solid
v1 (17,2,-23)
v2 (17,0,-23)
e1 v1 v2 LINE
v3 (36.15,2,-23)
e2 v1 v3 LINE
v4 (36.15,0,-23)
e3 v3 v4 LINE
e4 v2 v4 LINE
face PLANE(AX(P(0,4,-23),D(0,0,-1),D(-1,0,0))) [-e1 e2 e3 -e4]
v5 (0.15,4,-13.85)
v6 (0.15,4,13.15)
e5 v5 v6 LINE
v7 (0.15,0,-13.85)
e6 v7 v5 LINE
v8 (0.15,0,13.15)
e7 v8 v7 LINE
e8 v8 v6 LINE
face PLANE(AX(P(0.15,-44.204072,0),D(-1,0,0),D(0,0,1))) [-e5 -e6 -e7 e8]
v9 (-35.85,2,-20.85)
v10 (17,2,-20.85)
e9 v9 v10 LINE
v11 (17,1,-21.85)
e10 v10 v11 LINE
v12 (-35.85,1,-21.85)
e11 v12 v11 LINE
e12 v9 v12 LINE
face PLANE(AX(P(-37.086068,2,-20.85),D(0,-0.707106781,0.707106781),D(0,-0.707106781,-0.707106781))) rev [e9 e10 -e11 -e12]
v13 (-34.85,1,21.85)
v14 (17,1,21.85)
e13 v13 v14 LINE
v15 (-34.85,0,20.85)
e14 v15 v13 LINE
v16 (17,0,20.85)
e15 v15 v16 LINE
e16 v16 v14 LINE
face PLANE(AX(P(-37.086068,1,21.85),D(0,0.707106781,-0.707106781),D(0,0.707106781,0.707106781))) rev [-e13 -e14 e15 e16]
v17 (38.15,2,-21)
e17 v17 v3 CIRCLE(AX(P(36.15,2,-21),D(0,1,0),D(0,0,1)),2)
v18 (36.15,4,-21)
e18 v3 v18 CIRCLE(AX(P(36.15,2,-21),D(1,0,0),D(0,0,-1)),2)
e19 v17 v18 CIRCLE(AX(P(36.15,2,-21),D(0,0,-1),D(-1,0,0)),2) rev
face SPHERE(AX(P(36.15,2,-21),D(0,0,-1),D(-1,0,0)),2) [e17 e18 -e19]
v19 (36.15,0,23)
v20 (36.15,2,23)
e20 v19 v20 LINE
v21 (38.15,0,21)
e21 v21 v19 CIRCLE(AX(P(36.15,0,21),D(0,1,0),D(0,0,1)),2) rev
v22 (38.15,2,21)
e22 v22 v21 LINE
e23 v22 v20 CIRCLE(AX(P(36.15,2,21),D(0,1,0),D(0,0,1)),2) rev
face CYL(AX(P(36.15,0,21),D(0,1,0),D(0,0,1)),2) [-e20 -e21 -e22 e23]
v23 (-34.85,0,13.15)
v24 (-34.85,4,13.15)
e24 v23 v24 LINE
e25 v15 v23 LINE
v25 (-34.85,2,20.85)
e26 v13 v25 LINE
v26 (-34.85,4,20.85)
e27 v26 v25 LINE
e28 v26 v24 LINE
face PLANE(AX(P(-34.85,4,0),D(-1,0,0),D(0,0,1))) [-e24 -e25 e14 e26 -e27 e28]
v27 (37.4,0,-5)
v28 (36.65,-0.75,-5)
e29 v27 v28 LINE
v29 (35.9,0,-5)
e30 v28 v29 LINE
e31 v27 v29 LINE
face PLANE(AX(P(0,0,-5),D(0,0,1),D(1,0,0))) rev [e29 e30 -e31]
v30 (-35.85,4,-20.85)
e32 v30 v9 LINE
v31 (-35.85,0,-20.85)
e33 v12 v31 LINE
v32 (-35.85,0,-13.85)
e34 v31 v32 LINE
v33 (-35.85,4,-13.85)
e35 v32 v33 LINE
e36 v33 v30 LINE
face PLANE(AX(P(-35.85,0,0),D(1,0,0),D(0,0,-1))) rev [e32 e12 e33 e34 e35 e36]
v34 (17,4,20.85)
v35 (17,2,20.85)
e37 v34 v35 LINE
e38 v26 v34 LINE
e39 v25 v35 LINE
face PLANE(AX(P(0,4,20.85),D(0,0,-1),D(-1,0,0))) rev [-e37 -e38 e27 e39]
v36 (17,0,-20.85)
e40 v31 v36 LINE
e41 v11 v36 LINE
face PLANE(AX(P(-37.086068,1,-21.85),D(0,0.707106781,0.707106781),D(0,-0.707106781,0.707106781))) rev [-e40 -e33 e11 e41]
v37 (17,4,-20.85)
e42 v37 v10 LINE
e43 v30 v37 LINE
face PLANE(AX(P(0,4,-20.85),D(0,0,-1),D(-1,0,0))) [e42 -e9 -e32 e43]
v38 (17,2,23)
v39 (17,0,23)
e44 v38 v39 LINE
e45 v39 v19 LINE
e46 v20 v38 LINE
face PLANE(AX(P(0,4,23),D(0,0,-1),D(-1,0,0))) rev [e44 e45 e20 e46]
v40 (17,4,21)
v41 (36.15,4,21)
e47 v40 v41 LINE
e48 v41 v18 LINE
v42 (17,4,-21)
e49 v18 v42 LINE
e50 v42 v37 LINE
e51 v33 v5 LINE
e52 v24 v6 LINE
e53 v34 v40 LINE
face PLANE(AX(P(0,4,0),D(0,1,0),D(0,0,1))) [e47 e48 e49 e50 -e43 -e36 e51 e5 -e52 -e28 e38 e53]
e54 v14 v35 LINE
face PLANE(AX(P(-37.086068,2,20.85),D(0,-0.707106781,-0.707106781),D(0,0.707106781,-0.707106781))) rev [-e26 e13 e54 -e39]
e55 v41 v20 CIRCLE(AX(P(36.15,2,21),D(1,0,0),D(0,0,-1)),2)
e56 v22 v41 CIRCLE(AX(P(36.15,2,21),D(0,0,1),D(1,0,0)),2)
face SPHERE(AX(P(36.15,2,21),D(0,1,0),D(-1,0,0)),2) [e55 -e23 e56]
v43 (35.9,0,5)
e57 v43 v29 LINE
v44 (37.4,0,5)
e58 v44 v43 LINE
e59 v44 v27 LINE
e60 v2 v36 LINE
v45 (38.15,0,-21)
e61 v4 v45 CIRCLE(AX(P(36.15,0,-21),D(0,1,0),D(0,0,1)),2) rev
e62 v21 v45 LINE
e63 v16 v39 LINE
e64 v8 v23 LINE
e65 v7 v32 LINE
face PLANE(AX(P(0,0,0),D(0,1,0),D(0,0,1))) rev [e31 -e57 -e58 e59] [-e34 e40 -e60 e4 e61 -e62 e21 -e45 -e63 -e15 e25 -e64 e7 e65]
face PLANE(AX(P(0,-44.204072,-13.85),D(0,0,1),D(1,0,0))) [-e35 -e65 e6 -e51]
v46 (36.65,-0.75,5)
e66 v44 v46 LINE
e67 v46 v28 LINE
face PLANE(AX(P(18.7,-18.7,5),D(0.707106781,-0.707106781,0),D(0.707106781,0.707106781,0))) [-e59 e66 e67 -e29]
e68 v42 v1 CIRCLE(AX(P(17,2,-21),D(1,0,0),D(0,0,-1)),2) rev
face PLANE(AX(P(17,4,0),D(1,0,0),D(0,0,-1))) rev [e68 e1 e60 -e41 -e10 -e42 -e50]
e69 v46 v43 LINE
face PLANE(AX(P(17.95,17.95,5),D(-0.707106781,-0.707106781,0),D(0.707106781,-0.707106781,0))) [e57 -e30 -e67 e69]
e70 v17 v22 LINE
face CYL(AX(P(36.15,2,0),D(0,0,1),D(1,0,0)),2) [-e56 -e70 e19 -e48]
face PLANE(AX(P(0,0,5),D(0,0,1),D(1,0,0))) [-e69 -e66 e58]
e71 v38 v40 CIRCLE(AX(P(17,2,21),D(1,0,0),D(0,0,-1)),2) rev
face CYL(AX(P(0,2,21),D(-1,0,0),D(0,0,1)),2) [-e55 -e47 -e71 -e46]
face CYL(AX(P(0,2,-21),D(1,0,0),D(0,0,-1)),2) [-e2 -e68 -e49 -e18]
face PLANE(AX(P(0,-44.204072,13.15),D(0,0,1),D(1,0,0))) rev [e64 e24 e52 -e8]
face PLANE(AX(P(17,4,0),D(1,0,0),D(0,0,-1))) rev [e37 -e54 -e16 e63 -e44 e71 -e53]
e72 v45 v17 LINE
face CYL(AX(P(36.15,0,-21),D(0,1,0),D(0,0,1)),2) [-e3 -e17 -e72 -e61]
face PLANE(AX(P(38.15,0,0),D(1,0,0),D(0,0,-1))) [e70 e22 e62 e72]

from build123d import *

# Parameters (mm, degrees)
EXTRUDE_2_DEPTH     = 4
EXTRUDE_3_DEPTH     = 51.85
EXTRUDE_4_DEPTH     = 51.85
SKETCH_6_W          = 32
SKETCH_6_H          = 27
SKETCH_6_W_2        = 3
CUT_EXTRUDE_1_DEPTH = 4
SKETCH_7_W          = 46
SKETCH_7_H          = 4
EXTRUDE_5_DEPTH     = 1.15
EXTRUDE_6_DEPTH     = 5
EXTRUDE_7_DEPTH     = 1
FILLET_3_R          = 2


with BuildPart() as part:
    # 草图1 → 凸台-拉伸2 (new body)
    with BuildSketch(Plane(origin=(0, 0, 0), x_dir=(1, 0, 0), z_dir=(0, 1, 0))):
        Polygon((16.85, -20.85), (17, -20.85), (17, 20.85), (16.85, 20.85), (-34.85, 20.85), (-34.85, -20.85), align=None)
        Polygon((17, -20.85), (17, -21), (31, -21), (35, -21), (35, -18), (35, 18), (35, 21), (31, 21), (17, 21), (17, 20.85), align=None)
        Polygon((31, -21), (17, -21), (17, -23), (37, -23), (37, 23), (17, 23), (17, 21), (31, 21), (35, 21), (35, 18), (35, -18), (35, -21), align=None)
    extrude(amount=EXTRUDE_2_DEPTH)

    # 草图4 → 凸台-拉伸3 (add)
    with BuildSketch(Plane.ZY.offset(-17)):
        Polygon((-20.85, 2), (-21.85, 1), (-20.85, 0), align=None)
    extrude(amount=EXTRUDE_3_DEPTH)

    # 草图3 → 凸台-拉伸4 (add)
    with BuildSketch(Plane.ZY.offset(-17)):
        Polygon((20.85, 2), (21.85, 1), (20.85, 0), align=None)
    extrude(amount=EXTRUDE_4_DEPTH)

    # 草图6 → 切除-拉伸1 (cut)
    with BuildSketch(Plane(origin=(0, 4, 0), x_dir=(1, 0, 0), z_dir=(0, 1, 0))):
        with Locations((-15.85, 0.35)):
            Rectangle(SKETCH_6_W, SKETCH_6_H)
        with Locations((-33.35, 0.35)):
            Rectangle(SKETCH_6_W_2, SKETCH_6_H)
    extrude(amount=-CUT_EXTRUDE_1_DEPTH, mode=Mode.SUBTRACT)

    # 草图7 → 凸台-拉伸5 (add)
    with BuildSketch(Plane(origin=(37, 0, 0), x_dir=(0, 0, -1), z_dir=(1, 0, 0))):
        with Locations((0, 2)):
            Rectangle(SKETCH_7_W, SKETCH_7_H)
    extrude(amount=EXTRUDE_5_DEPTH)

    # 草图12 → 凸台-拉伸6 (add, symmetric)
    with BuildSketch(Plane.XY):
        Polygon((36.65, 0), (36.65, -0.75), (37.4, 0), align=None)
        Polygon((35.9, 0), (36.65, -0.75), (36.65, 0), align=None)
    extrude(amount=EXTRUDE_6_DEPTH, both=True)

    # 草图14 → 凸台-拉伸7 (add)
    with BuildSketch(Plane.ZY.offset(34.85)):
        Polygon((-13.85, 0), (-13.85, 4), (-20.85, 4), (-20.85, 2), (-21.85, 1), (-20.85, 0), align=None)
    extrude(amount=EXTRUDE_7_DEPTH)

    # 圆角3
    fillet_3_edges = [part.edges().sort_by_distance(p)[0] for p in [
        (27.575, 4, 23),
        (27.575, 4, -23),
        (38.15, 2, 23),
        (38.15, 2, -23),
        (38.15, 4, 0),
    ]]
    fillet(fillet_3_edges, radius=FILLET_3_R)


solid = part.part
